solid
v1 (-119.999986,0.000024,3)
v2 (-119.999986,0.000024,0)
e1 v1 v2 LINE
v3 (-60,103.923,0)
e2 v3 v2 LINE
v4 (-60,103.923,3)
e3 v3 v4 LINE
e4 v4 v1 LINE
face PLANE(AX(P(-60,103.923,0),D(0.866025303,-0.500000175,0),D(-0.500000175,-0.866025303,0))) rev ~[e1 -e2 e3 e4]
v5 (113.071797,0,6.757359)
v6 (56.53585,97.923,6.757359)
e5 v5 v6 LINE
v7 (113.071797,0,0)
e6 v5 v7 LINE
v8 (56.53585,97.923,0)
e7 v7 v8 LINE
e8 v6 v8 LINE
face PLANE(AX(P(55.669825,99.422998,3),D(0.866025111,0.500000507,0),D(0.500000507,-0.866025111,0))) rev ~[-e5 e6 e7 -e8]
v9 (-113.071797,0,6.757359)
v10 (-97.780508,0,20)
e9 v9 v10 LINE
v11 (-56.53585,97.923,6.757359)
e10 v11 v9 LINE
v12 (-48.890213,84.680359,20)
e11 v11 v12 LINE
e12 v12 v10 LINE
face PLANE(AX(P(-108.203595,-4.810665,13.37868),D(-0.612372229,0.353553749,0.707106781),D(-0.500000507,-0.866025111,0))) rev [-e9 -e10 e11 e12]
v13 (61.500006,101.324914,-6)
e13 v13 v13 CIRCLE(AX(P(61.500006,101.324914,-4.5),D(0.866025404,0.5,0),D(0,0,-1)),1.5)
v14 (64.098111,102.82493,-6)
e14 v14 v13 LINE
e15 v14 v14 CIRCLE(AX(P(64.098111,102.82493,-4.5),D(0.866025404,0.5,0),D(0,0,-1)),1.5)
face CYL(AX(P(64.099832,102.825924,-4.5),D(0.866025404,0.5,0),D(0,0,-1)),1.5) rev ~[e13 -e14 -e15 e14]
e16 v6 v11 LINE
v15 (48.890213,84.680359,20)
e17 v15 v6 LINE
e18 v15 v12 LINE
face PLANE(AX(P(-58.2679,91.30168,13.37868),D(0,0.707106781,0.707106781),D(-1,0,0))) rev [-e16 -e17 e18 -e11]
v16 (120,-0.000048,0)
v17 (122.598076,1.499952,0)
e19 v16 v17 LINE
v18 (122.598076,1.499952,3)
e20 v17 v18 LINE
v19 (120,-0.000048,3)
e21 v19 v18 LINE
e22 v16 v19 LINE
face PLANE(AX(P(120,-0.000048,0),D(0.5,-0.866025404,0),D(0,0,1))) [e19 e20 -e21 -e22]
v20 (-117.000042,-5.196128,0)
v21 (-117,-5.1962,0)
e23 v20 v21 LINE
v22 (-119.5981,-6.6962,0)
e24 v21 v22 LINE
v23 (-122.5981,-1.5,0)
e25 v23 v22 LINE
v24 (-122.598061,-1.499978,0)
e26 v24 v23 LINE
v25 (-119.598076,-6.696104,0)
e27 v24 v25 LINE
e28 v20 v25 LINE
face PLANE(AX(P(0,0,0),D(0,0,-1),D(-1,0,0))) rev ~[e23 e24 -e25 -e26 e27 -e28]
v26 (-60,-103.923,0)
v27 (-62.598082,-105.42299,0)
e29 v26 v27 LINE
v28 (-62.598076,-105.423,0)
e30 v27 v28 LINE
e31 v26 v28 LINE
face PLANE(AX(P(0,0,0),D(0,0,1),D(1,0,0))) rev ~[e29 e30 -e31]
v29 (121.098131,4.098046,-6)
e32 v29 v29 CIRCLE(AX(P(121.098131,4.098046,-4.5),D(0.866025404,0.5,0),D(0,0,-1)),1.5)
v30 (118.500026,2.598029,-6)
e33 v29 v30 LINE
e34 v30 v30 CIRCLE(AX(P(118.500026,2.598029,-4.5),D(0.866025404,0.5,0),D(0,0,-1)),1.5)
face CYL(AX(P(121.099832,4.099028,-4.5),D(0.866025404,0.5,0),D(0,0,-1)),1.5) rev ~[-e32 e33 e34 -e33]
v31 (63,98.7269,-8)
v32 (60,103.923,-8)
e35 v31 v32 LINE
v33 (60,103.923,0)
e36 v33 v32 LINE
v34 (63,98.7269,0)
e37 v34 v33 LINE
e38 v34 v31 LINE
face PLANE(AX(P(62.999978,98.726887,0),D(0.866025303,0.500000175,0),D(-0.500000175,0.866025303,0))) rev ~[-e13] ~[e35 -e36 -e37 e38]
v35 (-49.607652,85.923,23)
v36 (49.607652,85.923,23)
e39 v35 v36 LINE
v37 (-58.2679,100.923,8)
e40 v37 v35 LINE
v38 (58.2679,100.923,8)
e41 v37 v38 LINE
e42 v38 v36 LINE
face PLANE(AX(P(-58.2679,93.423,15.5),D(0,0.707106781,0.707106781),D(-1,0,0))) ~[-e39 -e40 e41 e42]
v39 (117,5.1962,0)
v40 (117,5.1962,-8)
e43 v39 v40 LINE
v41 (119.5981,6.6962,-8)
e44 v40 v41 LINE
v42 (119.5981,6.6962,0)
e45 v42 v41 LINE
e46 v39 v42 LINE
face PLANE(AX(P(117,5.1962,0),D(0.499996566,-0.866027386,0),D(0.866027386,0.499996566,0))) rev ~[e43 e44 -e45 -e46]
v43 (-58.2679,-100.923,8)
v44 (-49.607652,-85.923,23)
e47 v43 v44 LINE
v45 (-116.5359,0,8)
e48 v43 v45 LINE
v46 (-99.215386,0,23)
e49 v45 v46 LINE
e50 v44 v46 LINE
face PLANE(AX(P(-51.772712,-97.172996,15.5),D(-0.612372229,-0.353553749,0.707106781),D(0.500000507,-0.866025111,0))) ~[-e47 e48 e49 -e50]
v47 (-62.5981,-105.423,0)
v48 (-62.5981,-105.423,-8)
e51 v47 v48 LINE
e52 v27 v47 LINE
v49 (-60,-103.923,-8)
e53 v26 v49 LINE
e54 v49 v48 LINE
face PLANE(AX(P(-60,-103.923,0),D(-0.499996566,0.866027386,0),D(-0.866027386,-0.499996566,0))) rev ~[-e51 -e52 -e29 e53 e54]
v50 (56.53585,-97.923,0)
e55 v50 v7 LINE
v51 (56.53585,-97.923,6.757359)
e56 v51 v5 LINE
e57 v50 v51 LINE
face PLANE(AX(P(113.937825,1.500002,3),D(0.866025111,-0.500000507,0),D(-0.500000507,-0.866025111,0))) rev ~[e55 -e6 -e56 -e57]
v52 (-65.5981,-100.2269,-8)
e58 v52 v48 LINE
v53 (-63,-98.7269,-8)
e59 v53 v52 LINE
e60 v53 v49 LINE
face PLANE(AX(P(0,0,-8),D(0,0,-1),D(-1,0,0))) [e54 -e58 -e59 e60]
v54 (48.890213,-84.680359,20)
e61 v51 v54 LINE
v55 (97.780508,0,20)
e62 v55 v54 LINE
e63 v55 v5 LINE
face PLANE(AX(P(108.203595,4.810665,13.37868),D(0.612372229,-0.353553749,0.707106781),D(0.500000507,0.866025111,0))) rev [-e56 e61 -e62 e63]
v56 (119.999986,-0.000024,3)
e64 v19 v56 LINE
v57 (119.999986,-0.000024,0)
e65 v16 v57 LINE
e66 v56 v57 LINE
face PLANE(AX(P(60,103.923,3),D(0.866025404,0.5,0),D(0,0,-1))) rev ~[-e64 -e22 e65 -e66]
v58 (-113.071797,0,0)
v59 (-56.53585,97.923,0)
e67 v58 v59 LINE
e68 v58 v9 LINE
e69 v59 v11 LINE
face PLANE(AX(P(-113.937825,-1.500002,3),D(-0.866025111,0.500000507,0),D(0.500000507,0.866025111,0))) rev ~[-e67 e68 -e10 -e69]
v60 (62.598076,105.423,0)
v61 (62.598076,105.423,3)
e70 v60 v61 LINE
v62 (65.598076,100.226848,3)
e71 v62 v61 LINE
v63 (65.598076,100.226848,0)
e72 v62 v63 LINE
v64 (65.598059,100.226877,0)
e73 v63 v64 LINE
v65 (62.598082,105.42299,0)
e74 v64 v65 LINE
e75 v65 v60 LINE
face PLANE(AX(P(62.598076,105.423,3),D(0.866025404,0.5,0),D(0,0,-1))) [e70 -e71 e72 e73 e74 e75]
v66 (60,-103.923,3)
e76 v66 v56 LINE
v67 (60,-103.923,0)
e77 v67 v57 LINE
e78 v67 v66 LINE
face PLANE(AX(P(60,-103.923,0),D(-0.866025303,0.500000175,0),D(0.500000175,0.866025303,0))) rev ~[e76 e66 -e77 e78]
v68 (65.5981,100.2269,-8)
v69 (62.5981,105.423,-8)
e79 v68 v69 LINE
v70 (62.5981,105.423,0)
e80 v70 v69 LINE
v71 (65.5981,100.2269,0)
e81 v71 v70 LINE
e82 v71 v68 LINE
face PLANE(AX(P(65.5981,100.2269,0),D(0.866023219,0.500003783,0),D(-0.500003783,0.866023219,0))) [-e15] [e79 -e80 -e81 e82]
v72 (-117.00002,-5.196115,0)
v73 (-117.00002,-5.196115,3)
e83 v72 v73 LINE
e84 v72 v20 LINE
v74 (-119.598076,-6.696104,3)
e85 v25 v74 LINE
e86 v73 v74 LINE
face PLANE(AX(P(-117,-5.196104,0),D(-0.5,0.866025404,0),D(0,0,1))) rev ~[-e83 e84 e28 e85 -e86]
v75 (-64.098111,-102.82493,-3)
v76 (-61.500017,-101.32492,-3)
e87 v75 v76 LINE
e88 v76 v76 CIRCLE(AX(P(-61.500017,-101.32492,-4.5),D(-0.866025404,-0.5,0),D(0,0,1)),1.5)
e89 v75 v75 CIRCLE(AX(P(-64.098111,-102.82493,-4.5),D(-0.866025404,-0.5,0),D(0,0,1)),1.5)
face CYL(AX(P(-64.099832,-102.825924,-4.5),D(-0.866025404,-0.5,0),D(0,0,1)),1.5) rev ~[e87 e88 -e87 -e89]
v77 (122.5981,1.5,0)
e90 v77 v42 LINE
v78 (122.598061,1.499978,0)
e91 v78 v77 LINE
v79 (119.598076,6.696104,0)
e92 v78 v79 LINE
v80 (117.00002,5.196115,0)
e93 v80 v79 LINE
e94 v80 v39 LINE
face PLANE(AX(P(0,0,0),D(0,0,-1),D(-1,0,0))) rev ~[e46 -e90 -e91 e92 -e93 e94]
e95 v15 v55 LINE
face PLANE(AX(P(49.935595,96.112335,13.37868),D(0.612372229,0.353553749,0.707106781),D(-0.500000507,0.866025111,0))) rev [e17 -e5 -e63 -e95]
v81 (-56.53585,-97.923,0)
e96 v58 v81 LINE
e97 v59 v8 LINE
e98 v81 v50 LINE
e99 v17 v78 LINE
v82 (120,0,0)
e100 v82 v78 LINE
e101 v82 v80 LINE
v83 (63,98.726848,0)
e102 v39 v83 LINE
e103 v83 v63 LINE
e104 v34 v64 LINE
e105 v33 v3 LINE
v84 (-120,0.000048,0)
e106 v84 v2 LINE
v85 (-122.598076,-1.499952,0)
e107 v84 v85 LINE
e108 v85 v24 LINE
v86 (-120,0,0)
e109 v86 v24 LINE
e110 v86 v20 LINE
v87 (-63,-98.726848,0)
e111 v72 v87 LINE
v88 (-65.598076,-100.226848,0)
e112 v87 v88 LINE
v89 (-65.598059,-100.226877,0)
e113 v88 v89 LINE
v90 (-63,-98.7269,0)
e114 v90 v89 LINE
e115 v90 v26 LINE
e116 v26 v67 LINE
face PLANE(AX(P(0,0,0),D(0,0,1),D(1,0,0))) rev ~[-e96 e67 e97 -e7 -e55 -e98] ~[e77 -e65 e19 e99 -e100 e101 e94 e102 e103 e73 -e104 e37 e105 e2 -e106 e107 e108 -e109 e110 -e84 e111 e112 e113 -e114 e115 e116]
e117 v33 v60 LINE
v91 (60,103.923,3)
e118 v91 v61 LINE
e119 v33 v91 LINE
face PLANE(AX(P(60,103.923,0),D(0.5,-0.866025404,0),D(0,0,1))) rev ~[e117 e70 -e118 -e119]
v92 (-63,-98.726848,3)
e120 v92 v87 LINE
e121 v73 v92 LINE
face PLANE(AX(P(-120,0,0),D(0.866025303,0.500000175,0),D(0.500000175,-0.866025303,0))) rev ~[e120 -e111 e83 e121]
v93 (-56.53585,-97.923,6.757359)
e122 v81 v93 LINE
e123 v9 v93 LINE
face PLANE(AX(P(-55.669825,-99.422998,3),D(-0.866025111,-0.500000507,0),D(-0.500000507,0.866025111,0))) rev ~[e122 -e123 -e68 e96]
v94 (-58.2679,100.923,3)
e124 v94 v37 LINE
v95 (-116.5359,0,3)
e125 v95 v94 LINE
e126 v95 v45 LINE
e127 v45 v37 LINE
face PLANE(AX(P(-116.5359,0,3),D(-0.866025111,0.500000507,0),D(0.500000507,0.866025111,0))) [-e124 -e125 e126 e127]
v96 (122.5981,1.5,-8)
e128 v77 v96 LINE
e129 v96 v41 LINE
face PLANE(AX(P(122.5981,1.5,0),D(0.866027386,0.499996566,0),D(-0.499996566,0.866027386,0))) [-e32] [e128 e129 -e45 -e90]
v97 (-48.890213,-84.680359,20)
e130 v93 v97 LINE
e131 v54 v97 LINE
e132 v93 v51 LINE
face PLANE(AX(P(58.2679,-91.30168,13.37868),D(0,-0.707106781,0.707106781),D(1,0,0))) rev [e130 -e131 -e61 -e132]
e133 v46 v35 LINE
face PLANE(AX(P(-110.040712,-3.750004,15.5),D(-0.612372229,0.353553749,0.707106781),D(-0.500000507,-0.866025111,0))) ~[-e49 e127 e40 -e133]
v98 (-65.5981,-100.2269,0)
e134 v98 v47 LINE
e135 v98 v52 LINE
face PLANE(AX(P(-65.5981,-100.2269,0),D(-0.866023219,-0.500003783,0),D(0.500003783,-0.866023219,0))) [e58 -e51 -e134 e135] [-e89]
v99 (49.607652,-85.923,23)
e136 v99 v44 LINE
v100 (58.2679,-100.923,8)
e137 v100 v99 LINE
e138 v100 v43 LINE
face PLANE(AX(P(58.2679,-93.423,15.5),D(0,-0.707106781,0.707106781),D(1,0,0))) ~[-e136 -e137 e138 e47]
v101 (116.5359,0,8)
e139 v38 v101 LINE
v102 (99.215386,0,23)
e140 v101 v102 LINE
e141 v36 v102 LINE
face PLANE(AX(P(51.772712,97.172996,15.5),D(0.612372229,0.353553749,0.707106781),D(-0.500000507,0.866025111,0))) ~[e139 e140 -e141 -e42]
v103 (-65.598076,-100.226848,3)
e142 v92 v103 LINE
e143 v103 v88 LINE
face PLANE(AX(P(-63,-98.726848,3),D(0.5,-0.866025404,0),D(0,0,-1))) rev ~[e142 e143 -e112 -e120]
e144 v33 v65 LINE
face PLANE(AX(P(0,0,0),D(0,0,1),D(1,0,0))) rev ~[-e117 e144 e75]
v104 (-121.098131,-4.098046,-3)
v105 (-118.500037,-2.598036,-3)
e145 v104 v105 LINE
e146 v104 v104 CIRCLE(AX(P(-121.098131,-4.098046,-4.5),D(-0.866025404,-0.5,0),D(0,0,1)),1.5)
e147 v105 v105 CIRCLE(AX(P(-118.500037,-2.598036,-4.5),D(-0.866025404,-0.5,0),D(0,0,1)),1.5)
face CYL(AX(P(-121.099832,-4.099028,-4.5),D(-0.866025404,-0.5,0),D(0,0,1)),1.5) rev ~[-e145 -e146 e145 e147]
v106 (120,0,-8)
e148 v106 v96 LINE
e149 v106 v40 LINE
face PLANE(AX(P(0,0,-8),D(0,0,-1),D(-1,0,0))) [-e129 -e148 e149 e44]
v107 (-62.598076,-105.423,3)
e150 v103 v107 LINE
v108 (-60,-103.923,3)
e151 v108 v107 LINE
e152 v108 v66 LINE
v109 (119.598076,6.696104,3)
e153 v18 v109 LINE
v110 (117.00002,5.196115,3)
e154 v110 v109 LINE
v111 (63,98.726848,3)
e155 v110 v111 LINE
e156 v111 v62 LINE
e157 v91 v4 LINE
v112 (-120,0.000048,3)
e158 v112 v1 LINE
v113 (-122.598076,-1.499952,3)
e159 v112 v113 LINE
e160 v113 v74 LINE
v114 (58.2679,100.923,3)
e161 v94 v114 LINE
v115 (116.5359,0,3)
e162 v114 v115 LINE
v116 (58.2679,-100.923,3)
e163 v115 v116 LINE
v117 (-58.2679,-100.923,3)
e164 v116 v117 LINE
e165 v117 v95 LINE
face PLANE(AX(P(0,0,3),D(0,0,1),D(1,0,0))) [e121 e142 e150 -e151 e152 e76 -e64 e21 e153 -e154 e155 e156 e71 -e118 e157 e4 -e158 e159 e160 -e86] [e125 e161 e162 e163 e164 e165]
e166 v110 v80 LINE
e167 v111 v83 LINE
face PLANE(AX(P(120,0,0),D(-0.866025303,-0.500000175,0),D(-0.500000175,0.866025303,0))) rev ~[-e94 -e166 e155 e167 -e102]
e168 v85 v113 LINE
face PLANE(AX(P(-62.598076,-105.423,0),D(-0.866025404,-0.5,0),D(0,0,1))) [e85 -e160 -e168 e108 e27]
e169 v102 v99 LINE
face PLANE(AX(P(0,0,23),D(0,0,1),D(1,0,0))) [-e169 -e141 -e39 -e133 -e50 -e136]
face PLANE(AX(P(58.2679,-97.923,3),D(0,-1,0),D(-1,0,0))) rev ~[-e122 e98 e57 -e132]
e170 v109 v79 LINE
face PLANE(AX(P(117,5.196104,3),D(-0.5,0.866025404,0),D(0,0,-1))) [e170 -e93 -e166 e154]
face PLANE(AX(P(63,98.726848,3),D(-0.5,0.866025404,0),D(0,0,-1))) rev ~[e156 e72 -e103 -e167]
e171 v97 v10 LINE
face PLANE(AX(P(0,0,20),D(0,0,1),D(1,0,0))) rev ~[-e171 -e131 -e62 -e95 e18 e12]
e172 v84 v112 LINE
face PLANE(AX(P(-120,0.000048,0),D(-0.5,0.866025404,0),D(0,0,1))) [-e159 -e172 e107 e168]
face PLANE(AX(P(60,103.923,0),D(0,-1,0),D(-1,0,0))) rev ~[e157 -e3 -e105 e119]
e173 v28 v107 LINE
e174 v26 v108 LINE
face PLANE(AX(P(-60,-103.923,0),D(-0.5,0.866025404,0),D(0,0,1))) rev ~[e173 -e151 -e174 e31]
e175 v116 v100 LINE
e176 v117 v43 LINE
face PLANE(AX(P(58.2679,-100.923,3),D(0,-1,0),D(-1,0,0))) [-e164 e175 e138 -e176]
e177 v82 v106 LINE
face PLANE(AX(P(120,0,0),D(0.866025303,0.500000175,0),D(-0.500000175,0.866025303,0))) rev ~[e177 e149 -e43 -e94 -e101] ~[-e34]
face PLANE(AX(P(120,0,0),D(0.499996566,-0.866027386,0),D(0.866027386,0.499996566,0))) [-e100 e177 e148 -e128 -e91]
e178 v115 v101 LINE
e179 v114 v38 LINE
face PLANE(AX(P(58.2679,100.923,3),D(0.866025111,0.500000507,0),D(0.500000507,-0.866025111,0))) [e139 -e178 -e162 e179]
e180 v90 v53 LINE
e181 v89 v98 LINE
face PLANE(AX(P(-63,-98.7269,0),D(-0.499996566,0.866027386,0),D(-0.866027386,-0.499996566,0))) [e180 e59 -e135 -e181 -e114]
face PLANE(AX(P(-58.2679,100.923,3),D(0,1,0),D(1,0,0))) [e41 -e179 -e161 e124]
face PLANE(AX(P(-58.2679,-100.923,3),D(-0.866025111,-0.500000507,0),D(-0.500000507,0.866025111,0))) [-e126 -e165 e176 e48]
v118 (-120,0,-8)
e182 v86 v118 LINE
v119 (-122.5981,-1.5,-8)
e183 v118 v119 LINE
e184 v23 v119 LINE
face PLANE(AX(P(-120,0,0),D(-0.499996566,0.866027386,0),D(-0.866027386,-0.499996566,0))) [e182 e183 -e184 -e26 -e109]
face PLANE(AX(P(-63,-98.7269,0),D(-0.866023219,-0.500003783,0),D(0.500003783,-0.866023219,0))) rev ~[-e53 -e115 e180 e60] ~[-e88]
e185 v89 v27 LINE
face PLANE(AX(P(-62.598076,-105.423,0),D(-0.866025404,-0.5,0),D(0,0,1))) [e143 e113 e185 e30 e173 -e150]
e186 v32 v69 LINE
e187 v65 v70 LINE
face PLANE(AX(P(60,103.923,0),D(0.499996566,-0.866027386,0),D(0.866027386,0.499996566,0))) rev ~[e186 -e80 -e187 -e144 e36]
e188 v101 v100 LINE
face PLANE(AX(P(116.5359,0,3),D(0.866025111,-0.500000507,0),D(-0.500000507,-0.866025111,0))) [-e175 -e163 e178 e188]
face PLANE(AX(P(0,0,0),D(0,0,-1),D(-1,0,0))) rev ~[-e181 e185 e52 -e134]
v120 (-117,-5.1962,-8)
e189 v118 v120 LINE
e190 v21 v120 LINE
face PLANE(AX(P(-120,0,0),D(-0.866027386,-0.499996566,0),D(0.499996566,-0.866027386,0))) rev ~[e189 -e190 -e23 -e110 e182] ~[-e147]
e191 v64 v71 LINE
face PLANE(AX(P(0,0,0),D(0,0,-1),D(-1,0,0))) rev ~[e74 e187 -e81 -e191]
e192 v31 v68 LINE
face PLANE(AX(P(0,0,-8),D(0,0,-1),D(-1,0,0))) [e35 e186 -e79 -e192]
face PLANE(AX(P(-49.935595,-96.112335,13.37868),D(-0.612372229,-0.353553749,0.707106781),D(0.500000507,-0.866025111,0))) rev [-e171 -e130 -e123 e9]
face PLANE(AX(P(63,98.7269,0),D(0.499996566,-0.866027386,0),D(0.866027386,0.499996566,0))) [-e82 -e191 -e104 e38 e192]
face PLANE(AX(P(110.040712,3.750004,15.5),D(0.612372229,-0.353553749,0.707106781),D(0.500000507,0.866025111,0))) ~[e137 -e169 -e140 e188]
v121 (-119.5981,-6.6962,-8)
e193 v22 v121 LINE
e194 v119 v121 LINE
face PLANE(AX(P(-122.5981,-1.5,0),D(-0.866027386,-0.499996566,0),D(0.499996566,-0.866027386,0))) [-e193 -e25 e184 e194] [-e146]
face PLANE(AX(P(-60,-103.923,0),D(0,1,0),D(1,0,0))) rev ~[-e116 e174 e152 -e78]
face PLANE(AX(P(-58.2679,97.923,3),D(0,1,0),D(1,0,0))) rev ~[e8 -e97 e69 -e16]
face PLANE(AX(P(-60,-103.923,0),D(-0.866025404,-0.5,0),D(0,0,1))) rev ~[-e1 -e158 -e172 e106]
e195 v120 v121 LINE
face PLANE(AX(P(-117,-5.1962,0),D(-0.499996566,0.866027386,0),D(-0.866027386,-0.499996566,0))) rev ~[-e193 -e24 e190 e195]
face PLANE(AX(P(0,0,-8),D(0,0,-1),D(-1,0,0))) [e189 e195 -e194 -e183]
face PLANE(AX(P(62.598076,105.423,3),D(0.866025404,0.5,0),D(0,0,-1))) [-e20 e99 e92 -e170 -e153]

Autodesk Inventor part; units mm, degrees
ref_plane "YZ Plane" through (0, 0, 0) normal (1, 0, 0) x (0, 1, 0)
ref_plane "XZ Plane" through (0, 0, 0) normal (0, 1, 0) x (-1, 0, 0)
ref_plane "XY Plane" through (0, 0, 0) normal (0, 0, 1) x (1, 0, 0)
ref_plane "Plano de trabajo1" through (0, 0, 0) normal (0, 0, 1) x (1, 0, 0)
sketch "Boceto1" plane through (0, 0, 0) normal (0, 0, 1) x (1, 0, 0)
  line L0 (58.8453, 101.923) -> (-58.8453, 101.923) projected
  line L1 (-58.8453, 101.923) -> (-117.6906, 0) projected
  line L2 (-117.6906, 0) -> (-58.8453, -101.923) projected
  line L3 (-58.8453, -101.923) -> (58.8453, -101.923) projected
  line L4 (58.8453, -101.923) -> (117.6906, 0) projected
  line L5 (117.6906, 0) -> (58.8453, 101.923) projected
  line L6 (-60, 103.923) -> (-120, 0) projected
  line L7 (-120, 0) -> (-60, -103.923) projected
  line L8 (-60, -103.923) -> (60, -103.923) projected
  line L9 (60, -103.923) -> (120, 0) projected
  line L10 (120, 0) -> (60, 103.923) projected
  line L11 (60, 103.923) -> (-60, 103.923) projected
  line L12 (58.8453, 101.923) -> (117.6906, 0) projected
  line L13 (117.6906, 0) -> (58.8453, -101.923) projected
  line L14 (58.8453, -101.923) -> (-58.8453, -101.923) projected
  line L15 (-58.8453, -101.923) -> (-117.6906, 0) projected
  line L16 (-117.6906, 0) -> (-58.8453, 101.923) projected
  line L17 (-58.8453, 101.923) -> (58.8453, 101.923) projected
  point P0 (0, 0)
extrude "Extrusión1" add sketch "Boceto1" along normal blind 3 contours L5 L4 L3 L2 L1 L0 | L11 L10 L9 L8 L7 L6
sketch "Boceto2" plane through (0, 0, 3) normal (0, 0, 1) x (1, 0, 0)
  line L0 (-120, 0) -> (-60, -103.923) projected
  line L1 (-60, -103.923) -> (60, -103.923) projected
  line L2 (60, -103.923) -> (120, 0) projected
  line L3 (120, 0) -> (60, 103.923) projected
  line L4 (60, 103.923) -> (-60, 103.923) projected
  line L5 (-60, 103.923) -> (-120, 0) projected
  line L6 (58.2679, 100.923) -> (116.5359, 0)
  line L7 (116.5359, 0) -> (58.2679, -100.923)
  line L8 (58.2679, -100.923) -> (-58.2679, -100.923)
  line L9 (-58.2679, -100.923) -> (-116.5359, 0)
  line L10 (-116.5359, 0) -> (-58.2679, 100.923)
  line L11 (-58.2679, 100.923) -> (58.2679, 100.923)
  point P0 (0, 0)
  dimension "d2" = 3
extrude "Extrusión2" add sketch "Boceto2" along normal blind 20 contours L6 L7 L8 L9 L10 L11
chamfer "Chaflán1" distance 15 angle 45 6 edges at (-87.4019, 50.4615, 23) (-87.4019, -50.4615, 23) (0, -100.923, 23) (87.4019, -50.4615, 23) (87.4019, 50.4615, 23) (0, 100.923, 23)
sketch "Boceto3" plane through (0, 0, 0) normal (0, 0, -1) x (-1, 0, 0)
  line L0 (117.6906, 0) -> (58.8453, -101.923) projected
  line L1 (58.8453, -101.923) -> (-58.8453, -101.923) projected
  line L2 (58.8453, 101.923) -> (117.6906, 0) projected
  line L3 (-117.6906, 0) -> (-58.8453, 101.923) projected
  line L4 (-58.8453, -101.923) -> (-117.6906, 0) projected
  point P0 (0, 0)
shell "Vaciado1" thickness 3 removed faces 1 at (-20, 34.641, 0)
sketch "Boceto4" plane through (-60, -103.923, 0) normal (-0.866, -0.5, 0) x (0, 0, 1)
  line L0 (0, 120) -> (0, 0) projected
  line L1 (0, 0) -> (3, 0) projected
  line L2 (3, 120) -> (3, 0) projected
  line L3 (0, 120) -> (3, 120) projected
  line L4 (0, 120) -> (3, 120) projected
  line L5 (0, 0) -> (0, 120) projected
  line L6 (3, 120) -> (0, 120)
  line L7 (0, 120) -> (0, 114)
  line L8 (0, 114) -> (3, 114)
  line L9 (3, 114) -> (3, 120)
  line L10 (0, 0) -> (3, 0)
  line L11 (3, 0) -> (3, 6)
  line L12 (3, 6) -> (0, 6)
  line L13 (0, 6) -> (0, 0)
  point P0 (0, 60)
  point P1 (0, 114)
  point P2 (3, 114)
  point P3 (0, 6)
  dimension "d9" = 6
  dimension "d10" = 6
extrude "Extrusión3" add sketch "Boceto4" along normal blind 3 contours L3 L2 L8 L0 | L12 L2 L1 L0
sketch "Boceto5" plane through (0, 0, 0) normal (0, 0, -1) x (-1, 0, 0)
  line L0 (-56.5359, 97.923) -> (56.5359, 97.923) projected
  line L1 (56.5359, 97.923) -> (113.0718, 0) projected
  line L2 (113.0718, 0) -> (56.5359, -97.923) projected
  line L3 (56.5359, -97.923) -> (-56.5359, -97.923) projected
  line L4 (-56.5359, -97.923) -> (-113.0718, 0) projected
  line L5 (-113.0718, 0) -> (-56.5359, 97.923) projected
  line L6 (60, 103.923) -> (120, 0) projected
  line L7 (-60, 103.923) -> (60, 103.923) projected
  line L8 (-120, 0) -> (-60, 103.923) projected
  line L9 (-60, -103.923) -> (-120, 0) projected
  line L10 (60, -103.923) -> (-60, -103.923) projected
  line L11 (60, -103.923) -> (62.5981, -105.423) projected
  line L12 (65.5981, -100.2269) -> (62.5981, -105.423) projected
  line L13 (63, -98.7269) -> (65.5981, -100.2269) projected
  line L14 (117, -5.1962) -> (63, -98.7269) projected
  line L15 (117, -5.1962) -> (119.5981, -6.6962) projected
  line L16 (122.5981, -1.5) -> (119.5981, -6.6962) projected
  line L17 (120, 0) -> (122.5981, -1.5) projected
  line L18 (120, 0) -> (117, -5.1962)
  line L19 (63, -98.7269) -> (60, -103.923)
  point P0 (0, 0)
extrude "Extrusión4" add sketch "Boceto5" along normal blind 8 contours L17 L16 L15 L18 | L13 L12 L11 L19
sketch "Boceto6" plane through (-62.5981, -105.423, 0) normal (-0.866, -0.5, 0) x (0, 0, 1)
  line L0 (3, 114) -> (-8, 114) projected
  line L1 (-8, 114) -> (-8, 117)
  line L2 (-8, 114) -> (-8, 120) projected
  line L3 (-8, 117) -> (-4.5, 117)
  circle A0 centre (-4.5, 117) radius 1.5
  line L4 (-8, 6) -> (-8, 0) projected
  line L5 (-8, 6) -> (-8, 3)
  line L6 (-8, 3) -> (-4.5, 3)
  circle A1 centre (-4.5, 3) radius 1.5
  point P0 (0, 60)
  dimension "d15" = 3.5
  dimension "d16" = 3
  dimension "d17" = 3.5
  dimension "d18" = 3
extrude "Extrusión5" cut sketch "Boceto6" against normal blind 8
sketch "Boceto7" plane through (60, 103.923, 3) normal (0.866, 0.5, 0) x (0, 0, -1)
  line L0 (3, -120) -> (3, 0) projected
  line L1 (3, 0) -> (0, 0) projected
  line L2 (0, -120) -> (0, 0) projected
  line L3 (3, -120) -> (0, -120) projected
  line L4 (3, -120) -> (0, -120)
  line L5 (0, -120) -> (0, -114)
  line L6 (0, -114) -> (3, -114)
  line L7 (3, -114) -> (3, -120)
  line L8 (3, 0) -> (0, 0)
  line L9 (0, 0) -> (0, -6)
  line L10 (0, -6) -> (3, -6)
  line L11 (3, -6) -> (3, 0)
  point P0 (3, -60)
  point P1 (3, -114)
  point P2 (3, -6)
  dimension "d21" = 6
  dimension "d22" = 6
extrude "Extrusión6" add sketch "Boceto7" along normal blind 3 contours L3 L2 L6 L0 | L10 L2 L1 L0
sketch "Boceto8" plane through (0, 0, 0) normal (0, 0, -1) x (-1, 0, 0)
  line L0 (-56.5359, 97.923) -> (56.5359, 97.923) projected
  line L1 (56.5359, 97.923) -> (113.0718, 0) projected
  line L2 (113.0718, 0) -> (56.5359, -97.923) projected
  line L3 (56.5359, -97.923) -> (-56.5359, -97.923) projected
  line L4 (-56.5359, -97.923) -> (-113.0718, 0) projected
  line L5 (-113.0718, 0) -> (-56.5359, 97.923) projected
  line L6 (60, -103.923) -> (63, -98.7269) projected
  line L7 (117, -5.1962) -> (63, -98.7269) projected
  line L8 (117, -5.1962) -> (120, 0) projected
  line L9 (60, 103.923) -> (120, 0) projected
  line L10 (-60, 103.923) -> (60, 103.923) projected
  line L11 (-60, 103.923) -> (-62.5981, 105.423) projected
  line L12 (-65.5981, 100.2269) -> (-62.5981, 105.423) projected
  line L13 (-63, 98.7269) -> (-65.5981, 100.2269) projected
  line L14 (-117, 5.1962) -> (-63, 98.7269) projected
  line L15 (-117, 5.1962) -> (-119.5981, 6.6962) projected
  line L16 (-122.5981, 1.5) -> (-119.5981, 6.6962) projected
  line L17 (-120, 0) -> (-122.5981, 1.5) projected
  line L18 (-60, -103.923) -> (-120, 0) projected
  line L19 (60, -103.923) -> (-60, -103.923) projected
  line L20 (-120, 0) -> (-60, 103.923)
  point P0 (0, 0)
  point P1 (-63, 98.7269)
  point P2 (-117, 5.1962)
extrude "Extrusión7" add sketch "Boceto8" along normal blind 8 contours L17 L16 L15 L20 | L13 L12 L11 L20
sketch "Boceto9" plane through (62.5981, 105.423, 3) normal (0.866, 0.5, 0) x (0, 0, -1)
  circle A0 centre (7.5, -117) radius 1.5 projected
  circle A1 centre (7.5, -3) radius 1.5 projected
  point P0 (3, -60)
extrude "Extrusión8" cut sketch "Boceto9" against normal blind 8
properties part number "tapaHEX"
